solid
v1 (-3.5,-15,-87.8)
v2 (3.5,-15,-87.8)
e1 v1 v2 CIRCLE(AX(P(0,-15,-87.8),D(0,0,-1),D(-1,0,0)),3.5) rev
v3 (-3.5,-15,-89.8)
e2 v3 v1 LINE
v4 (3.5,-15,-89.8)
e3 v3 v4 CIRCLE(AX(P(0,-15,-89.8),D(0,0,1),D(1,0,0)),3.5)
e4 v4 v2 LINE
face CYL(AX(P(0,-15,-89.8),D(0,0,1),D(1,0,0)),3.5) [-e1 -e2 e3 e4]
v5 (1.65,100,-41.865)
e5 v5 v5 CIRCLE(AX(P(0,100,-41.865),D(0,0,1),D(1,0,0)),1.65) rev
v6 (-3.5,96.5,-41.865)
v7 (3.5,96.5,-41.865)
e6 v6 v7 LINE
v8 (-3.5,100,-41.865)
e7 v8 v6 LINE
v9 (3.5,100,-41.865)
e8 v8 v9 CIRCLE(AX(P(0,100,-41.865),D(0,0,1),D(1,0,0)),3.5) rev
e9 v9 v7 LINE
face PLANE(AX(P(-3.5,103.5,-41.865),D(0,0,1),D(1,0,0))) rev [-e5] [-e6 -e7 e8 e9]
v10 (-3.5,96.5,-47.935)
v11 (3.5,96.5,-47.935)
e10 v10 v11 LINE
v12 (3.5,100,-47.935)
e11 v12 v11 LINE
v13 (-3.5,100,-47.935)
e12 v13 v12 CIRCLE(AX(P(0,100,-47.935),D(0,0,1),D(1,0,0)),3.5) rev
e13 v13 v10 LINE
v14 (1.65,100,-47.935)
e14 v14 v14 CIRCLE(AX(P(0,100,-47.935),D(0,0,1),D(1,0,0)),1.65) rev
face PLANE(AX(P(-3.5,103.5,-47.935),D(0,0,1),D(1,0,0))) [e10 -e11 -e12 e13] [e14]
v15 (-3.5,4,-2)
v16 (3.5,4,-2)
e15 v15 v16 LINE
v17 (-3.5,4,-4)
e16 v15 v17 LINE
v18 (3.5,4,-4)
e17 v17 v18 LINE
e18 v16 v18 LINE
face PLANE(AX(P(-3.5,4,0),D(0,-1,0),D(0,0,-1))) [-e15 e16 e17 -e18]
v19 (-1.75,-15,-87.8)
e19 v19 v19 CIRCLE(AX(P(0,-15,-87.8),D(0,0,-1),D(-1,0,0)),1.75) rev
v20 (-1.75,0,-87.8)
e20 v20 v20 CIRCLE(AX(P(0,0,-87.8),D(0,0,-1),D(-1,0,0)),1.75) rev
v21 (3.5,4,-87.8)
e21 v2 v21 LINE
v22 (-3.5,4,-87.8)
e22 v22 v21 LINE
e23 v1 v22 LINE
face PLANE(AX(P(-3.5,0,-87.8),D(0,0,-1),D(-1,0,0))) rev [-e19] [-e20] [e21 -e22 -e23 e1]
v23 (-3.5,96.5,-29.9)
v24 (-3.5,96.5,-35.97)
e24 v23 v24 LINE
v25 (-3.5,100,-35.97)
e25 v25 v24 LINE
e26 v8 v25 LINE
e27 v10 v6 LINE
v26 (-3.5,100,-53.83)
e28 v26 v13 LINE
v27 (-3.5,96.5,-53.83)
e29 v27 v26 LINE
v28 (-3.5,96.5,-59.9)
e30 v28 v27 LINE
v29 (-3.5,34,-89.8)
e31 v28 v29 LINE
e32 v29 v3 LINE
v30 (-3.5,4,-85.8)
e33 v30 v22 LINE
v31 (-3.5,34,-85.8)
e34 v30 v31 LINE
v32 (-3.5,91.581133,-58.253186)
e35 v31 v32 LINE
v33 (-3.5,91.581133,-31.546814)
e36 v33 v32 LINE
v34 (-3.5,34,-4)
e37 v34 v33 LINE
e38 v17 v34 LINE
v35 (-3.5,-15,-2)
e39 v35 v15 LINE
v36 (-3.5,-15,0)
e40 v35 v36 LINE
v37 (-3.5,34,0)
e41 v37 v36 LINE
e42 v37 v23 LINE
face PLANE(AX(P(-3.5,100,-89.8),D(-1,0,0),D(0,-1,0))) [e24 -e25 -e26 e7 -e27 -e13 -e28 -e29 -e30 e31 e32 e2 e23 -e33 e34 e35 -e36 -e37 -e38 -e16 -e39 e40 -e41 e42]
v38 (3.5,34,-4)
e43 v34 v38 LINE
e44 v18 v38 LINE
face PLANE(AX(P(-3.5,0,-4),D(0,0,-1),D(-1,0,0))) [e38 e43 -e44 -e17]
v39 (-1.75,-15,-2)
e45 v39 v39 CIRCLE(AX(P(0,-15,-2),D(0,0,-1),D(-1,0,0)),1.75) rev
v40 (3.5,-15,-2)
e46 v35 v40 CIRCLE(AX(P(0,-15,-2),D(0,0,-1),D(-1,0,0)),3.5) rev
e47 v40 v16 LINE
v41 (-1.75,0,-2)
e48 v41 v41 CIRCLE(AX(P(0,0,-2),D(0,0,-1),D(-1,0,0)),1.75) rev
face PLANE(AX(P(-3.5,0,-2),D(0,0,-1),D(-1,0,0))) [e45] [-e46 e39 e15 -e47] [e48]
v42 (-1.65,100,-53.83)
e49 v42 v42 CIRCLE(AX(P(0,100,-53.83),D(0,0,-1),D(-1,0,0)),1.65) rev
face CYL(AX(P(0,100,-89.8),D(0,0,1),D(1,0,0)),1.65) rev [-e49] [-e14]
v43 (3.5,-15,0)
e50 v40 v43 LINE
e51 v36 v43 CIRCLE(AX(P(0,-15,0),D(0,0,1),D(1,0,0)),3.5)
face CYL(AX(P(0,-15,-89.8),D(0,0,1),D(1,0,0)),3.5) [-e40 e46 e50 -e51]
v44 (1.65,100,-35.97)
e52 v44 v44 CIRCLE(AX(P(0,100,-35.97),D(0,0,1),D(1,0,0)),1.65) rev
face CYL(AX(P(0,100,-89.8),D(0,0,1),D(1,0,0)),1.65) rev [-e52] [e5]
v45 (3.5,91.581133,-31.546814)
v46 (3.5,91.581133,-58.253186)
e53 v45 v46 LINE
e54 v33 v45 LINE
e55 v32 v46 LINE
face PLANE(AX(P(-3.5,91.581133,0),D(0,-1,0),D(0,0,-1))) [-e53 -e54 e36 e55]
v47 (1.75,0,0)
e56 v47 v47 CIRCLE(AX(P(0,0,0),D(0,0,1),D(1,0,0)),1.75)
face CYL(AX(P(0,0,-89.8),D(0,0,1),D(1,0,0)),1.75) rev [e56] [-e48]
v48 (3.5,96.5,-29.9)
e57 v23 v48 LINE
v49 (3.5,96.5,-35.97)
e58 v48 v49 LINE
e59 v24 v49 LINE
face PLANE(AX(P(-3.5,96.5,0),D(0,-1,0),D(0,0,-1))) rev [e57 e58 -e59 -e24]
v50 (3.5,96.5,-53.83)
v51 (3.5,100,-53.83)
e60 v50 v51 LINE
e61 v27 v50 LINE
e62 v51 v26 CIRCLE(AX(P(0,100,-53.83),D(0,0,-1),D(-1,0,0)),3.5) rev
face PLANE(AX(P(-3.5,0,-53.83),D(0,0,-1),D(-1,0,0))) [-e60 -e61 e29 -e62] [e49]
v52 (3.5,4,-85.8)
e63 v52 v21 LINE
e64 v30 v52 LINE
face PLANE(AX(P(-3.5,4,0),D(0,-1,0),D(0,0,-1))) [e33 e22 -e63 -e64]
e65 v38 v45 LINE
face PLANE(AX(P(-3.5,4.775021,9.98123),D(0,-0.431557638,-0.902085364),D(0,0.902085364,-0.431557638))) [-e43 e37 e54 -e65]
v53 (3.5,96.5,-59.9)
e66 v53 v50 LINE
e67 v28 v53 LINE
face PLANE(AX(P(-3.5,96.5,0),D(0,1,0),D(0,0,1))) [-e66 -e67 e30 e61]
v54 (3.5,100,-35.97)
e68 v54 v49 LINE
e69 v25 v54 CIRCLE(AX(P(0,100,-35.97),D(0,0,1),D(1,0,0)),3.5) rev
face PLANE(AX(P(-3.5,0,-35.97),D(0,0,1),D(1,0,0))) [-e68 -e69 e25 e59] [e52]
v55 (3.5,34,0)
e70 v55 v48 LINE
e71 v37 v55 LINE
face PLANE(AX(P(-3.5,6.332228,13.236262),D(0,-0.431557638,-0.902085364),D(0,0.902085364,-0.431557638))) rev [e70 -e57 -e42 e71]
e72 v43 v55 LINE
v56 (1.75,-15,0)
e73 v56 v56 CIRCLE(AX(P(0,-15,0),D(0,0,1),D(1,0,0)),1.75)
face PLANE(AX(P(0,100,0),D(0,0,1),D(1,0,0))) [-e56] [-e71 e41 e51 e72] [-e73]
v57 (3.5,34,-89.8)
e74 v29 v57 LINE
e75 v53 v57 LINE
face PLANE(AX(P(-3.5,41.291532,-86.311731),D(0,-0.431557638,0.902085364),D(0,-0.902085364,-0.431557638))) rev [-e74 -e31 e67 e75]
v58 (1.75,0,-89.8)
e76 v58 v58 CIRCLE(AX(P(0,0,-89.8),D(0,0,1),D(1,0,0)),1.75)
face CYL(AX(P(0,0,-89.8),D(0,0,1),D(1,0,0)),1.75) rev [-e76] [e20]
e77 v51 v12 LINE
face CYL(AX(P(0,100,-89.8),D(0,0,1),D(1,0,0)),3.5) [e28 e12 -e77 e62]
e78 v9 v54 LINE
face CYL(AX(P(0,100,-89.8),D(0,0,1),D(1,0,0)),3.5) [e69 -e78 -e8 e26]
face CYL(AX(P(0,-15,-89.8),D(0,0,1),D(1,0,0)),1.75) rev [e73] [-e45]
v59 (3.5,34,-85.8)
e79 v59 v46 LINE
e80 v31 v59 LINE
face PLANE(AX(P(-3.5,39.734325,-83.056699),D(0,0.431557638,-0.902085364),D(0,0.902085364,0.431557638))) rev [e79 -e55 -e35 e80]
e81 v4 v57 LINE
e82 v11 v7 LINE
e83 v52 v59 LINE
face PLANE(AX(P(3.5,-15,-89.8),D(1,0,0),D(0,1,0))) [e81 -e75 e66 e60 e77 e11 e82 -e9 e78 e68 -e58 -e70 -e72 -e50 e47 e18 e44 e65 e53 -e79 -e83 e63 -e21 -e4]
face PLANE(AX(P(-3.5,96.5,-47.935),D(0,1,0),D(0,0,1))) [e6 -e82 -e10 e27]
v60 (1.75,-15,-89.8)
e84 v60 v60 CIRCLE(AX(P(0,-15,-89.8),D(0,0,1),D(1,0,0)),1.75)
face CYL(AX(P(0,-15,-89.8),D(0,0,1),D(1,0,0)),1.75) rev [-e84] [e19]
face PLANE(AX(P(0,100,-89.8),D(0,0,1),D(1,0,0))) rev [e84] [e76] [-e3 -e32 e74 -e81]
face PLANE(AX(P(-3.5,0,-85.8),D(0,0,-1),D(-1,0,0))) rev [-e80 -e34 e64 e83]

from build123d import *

# Parameters (mm, degrees)
CROQUIS1_R              = 1.75
CROQUIS1_R_2            = 1.65
SALIENTE_EXTRUIR1_DEPTH = 89.8
CROQUIS2_W              = 6.07
CROQUIS2_H              = 7
CORTAR_EXTRUIR1_DEPTH   = 138.205284155


with BuildPart() as part:
    # Croquis1 → Saliente-Extruir1 (new body)
    with BuildSketch(Plane.XY):
        with BuildLine():
            Line((-3.5, 100), (-3.5, -15))
            ThreePointArc((-3.5, -15), (0, -18.5), (3.5, -15))
            Line((3.5, -15), (3.5, 100))
            ThreePointArc((3.5, 100), (0, 103.5), (-3.5, 100))
        make_face()
        Circle(CROQUIS1_R, mode=Mode.SUBTRACT)
        with Locations((0, -15)):
            Circle(CROQUIS1_R, mode=Mode.SUBTRACT)
        with Locations((0, 100)):
            Circle(CROQUIS1_R_2, mode=Mode.SUBTRACT)
    extrude(amount=-SALIENTE_EXTRUIR1_DEPTH)

    # Croquis2 → Cortar-Extruir1 (cut, through all)
    with BuildSketch(Plane(origin=(3.5, 0, 0), x_dir=(0, 0, -1), z_dir=(1, 0, 0))):
        Polygon((2, 4), (2, -18.5), (87.8, -18.5), (87.8, 4), (85.8, 4), (85.8, 34), (58.253185901, 91.58113315), (31.546814099, 91.58113315), (4, 34), (4, 4), align=None)
        with Locations((44.9, 100)):
            Rectangle(CROQUIS2_W, CROQUIS2_H)
        Polygon((0, 34), (29.9, 96.5), (35.97, 96.5), (35.97, 103.5), (0, 103.5), align=None)
        Polygon((59.9, 96.5), (89.8, 34), (89.8, 103.5), (53.83, 103.5), (53.83, 96.5), align=None)
    extrude(amount=-CORTAR_EXTRUIR1_DEPTH, mode=Mode.SUBTRACT)


solid = part.part
